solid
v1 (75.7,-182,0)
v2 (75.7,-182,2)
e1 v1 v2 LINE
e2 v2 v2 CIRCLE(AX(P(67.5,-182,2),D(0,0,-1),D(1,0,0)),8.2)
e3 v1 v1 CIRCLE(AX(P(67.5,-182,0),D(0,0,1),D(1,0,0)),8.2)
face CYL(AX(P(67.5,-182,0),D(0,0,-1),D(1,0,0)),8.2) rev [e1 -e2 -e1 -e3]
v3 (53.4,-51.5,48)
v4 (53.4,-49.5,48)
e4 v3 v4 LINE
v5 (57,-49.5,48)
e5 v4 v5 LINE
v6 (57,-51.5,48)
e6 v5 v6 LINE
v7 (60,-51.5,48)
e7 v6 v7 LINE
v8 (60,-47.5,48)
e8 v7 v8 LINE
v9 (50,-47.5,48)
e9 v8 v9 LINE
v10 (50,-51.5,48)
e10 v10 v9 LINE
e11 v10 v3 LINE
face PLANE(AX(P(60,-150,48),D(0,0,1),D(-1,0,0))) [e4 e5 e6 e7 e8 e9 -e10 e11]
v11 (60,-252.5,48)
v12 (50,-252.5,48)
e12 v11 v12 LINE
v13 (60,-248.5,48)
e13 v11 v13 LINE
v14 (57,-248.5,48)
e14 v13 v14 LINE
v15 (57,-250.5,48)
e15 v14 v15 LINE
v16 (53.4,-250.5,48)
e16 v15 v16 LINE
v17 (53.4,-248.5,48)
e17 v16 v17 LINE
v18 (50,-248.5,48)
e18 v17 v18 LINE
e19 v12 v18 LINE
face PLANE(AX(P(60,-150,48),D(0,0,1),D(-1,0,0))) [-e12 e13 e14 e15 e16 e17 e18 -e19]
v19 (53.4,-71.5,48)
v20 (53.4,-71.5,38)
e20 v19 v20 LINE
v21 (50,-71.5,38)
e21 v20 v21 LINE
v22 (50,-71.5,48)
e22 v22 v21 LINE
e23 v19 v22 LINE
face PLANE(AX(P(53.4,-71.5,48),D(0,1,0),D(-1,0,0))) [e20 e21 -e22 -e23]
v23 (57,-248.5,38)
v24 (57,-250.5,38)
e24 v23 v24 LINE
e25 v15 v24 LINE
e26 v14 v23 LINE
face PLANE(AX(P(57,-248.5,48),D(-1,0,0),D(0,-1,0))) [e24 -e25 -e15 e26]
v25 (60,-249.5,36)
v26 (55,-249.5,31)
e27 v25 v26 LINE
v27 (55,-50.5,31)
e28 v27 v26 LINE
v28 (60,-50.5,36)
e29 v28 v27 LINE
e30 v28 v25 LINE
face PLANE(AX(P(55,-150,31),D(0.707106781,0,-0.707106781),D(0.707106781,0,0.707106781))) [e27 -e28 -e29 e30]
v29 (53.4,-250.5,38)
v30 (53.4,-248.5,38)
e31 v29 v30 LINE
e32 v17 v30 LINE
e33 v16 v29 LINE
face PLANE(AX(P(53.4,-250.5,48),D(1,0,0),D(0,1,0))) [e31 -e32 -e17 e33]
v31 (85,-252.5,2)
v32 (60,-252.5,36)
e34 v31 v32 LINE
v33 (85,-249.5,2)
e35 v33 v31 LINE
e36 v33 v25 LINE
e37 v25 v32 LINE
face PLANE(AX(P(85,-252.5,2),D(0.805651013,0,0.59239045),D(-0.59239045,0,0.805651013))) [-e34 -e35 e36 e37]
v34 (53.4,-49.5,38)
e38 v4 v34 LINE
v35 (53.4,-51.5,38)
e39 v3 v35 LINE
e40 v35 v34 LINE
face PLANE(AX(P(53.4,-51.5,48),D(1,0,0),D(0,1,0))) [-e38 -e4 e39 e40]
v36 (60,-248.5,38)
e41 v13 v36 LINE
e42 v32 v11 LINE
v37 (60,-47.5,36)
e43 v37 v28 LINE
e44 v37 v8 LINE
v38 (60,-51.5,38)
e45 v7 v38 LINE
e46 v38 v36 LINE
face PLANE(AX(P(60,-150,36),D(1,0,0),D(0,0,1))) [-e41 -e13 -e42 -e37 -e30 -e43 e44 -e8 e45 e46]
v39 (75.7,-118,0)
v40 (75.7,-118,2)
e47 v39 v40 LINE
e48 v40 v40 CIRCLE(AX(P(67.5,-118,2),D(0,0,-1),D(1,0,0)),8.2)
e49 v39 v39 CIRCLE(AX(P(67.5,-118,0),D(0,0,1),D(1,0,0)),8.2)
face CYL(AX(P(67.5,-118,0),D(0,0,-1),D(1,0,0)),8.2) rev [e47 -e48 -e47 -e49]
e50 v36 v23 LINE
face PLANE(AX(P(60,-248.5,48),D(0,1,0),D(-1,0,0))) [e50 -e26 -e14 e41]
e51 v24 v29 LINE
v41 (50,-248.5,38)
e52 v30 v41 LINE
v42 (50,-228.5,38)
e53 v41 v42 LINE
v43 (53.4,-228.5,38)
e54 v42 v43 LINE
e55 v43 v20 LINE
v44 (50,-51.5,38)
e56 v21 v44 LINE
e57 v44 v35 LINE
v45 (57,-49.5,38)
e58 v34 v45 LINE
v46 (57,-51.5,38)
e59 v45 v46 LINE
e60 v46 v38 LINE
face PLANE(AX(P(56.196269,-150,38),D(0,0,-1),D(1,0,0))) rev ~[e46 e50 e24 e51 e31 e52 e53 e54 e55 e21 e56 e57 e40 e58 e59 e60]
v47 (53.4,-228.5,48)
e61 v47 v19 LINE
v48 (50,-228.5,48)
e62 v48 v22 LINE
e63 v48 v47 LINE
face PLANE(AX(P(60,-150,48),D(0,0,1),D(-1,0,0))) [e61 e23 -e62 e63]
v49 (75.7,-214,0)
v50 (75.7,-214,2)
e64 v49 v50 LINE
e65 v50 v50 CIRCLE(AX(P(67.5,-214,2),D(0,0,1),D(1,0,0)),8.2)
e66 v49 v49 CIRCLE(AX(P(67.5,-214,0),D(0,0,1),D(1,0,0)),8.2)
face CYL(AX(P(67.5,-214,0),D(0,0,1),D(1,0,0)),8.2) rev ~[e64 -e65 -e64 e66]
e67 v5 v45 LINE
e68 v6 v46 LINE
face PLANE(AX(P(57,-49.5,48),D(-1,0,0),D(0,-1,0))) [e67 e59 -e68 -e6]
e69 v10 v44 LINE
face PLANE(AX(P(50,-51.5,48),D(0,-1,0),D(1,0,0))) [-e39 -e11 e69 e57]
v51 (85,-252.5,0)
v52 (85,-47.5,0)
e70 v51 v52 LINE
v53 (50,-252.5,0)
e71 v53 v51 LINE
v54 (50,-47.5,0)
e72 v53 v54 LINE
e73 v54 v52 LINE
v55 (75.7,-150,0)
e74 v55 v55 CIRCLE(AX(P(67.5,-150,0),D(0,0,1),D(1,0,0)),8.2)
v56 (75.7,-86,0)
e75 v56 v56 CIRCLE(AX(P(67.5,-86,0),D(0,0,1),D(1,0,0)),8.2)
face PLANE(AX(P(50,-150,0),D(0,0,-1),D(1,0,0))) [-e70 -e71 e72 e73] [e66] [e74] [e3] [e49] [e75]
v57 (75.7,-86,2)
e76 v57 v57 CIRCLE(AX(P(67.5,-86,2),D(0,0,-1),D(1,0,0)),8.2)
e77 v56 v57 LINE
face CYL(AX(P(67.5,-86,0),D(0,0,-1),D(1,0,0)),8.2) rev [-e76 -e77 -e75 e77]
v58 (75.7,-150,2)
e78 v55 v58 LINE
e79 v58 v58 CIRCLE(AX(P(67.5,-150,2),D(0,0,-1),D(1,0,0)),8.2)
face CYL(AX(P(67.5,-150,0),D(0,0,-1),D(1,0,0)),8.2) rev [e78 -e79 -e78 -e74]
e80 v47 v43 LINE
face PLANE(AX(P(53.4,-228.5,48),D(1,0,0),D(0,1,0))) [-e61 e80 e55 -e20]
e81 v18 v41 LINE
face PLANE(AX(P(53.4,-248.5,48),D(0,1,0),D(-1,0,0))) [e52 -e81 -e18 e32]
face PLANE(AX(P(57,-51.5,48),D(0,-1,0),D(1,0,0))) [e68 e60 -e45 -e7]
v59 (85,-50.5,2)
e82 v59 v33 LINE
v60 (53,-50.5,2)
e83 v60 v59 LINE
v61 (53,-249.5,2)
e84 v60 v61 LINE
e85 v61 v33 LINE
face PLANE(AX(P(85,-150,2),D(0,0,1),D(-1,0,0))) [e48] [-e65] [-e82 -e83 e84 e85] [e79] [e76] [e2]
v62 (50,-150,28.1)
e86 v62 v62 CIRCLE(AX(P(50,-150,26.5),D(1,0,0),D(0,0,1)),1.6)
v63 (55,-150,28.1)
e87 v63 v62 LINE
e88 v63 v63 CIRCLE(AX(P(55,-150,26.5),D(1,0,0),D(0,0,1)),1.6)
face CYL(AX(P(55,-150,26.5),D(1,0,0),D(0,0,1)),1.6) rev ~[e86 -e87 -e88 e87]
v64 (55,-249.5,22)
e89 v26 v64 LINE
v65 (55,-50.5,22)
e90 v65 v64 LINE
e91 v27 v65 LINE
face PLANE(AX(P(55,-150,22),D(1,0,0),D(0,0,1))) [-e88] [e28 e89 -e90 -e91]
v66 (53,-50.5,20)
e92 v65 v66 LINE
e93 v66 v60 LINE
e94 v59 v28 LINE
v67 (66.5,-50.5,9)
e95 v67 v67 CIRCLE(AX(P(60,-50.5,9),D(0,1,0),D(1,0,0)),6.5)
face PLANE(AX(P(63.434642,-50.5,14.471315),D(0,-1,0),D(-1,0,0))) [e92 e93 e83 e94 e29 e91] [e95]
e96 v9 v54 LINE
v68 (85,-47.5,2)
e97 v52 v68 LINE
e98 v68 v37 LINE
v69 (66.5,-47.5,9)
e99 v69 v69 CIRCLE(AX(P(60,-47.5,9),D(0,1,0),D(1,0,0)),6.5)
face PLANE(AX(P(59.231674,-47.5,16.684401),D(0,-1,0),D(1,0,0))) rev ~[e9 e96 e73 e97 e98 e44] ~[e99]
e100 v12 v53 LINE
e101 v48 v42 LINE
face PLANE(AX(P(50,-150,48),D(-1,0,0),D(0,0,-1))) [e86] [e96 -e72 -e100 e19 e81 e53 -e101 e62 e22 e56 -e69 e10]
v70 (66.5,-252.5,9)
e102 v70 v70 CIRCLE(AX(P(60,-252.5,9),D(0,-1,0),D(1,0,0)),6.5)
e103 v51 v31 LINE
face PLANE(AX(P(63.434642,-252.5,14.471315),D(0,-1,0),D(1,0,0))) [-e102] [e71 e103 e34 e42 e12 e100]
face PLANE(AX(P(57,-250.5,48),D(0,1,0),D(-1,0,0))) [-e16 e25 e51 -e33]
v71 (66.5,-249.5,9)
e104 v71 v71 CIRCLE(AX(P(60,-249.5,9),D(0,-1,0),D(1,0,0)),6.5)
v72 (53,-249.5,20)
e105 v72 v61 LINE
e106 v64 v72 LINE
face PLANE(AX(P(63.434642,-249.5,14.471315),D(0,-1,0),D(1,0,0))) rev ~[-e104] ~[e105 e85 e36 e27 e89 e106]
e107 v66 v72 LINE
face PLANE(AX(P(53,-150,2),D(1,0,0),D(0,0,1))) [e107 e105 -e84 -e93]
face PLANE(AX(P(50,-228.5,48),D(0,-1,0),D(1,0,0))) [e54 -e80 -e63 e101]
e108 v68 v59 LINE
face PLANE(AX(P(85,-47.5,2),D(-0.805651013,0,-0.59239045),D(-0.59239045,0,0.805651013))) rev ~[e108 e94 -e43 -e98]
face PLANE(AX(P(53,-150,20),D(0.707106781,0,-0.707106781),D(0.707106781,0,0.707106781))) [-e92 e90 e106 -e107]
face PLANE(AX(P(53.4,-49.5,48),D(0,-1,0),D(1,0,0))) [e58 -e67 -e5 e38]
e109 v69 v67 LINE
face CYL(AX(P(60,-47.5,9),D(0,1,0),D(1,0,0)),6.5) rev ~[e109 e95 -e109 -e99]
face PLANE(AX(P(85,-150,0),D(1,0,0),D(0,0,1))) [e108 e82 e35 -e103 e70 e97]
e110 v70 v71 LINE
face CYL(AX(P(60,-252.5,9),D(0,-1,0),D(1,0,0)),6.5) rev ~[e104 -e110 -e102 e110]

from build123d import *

# Parameters (mm, degrees)
PAD001_DEPTH    = 102.5
POCKET002_DEPTH = 10
SKETCH007_R     = 1.6
POCKET005_DEPTH = 5
SKETCH008_R     = 8.2
POCKET006_DEPTH = 2.5
SKETCH026_R     = 6.5
PAD010_DEPTH    = 3
SKETCH027_R     = 6.5
PAD011_DEPTH    = 3


with BuildPart() as part:
    # Sketch003 → Pad001 (new body, symmetric)
    with BuildSketch(Plane.XZ):
        Polygon((0, 0), (35, 0), (35, 2), (3, 2), (3, 20), (5, 22), (5, 31), (10, 36), (10, 48), (0, 48), align=None)
    extrude(amount=PAD001_DEPTH, both=True)

    # Sketch004 (on Face9 of Pad001) → Pocket002 (cut)
    with BuildSketch(Plane(origin=(0, 0, 48), x_dir=(-1, 0, 0), z_dir=(0, 0, 1))):
        Polygon((-10, 98.5), (-7, 98.5), (-7, 100.5), (-3.4, 100.5), (-3.4, 98.5), (0, 98.5), (0, 78.5), (-3.4, 78.5), (-3.4, -78.5), (0, -78.5), (0, -98.5), (-3.4, -98.5), (-3.4, -100.5), (-7, -100.5), (-7, -98.5), (-10, -98.5), align=None)
    extrude(amount=-POCKET002_DEPTH, mode=Mode.SUBTRACT)

    # Sketch007 (on Face17 of Pocket002) → Pocket005 (cut)
    with BuildSketch(Plane(origin=(5, 0, 0), x_dir=(0, 0, 1), z_dir=(1, 0, 0))):
        with Locations((26.5, 0)):
            Circle(SKETCH007_R)
    extrude(amount=-POCKET005_DEPTH, mode=Mode.SUBTRACT)

    # Sketch008 → Pocket006 (cut, symmetric)
    with BuildSketch(Plane.XY):
        with Locations((17.5, 0)):
            Circle(SKETCH008_R)
        with Locations((17.5, 64)):
            Circle(SKETCH008_R)
        with Locations((17.5, 32)):
            Circle(SKETCH008_R)
        with Locations((17.5, -32)):
            Circle(SKETCH008_R)
        with Locations((17.5, -64)):
            Circle(SKETCH008_R)
    extrude(amount=POCKET006_DEPTH, both=True, mode=Mode.SUBTRACT)

    # Sketch026 (on Face3 of Pocket006) → Pad010 (join)
    with BuildSketch(Plane(origin=(0, 102.5, 0), x_dir=(1, 0, 0), z_dir=(0, 1, 0))):
        Polygon((0, -36), (0, 0), (35, 0), (35, -2), (10, -36), align=None)
        with Locations((10, -9)):
            Circle(SKETCH026_R, mode=Mode.SUBTRACT)
    extrude(amount=-PAD010_DEPTH)

    # Sketch027 (on Face1 of Pad010) → Pad011 (join)
    with BuildSketch(Plane.XZ.offset(102.5)):
        Polygon((35, 2), (10, 36), (0, 36), (0, 0), (35, 0), align=None)
        with Locations((10, 9)):
            Circle(SKETCH027_R, mode=Mode.SUBTRACT)
    extrude(amount=-PAD011_DEPTH)


with BuildPart() as part_1:
    # Body001 placement: moved
    add(part.part.moved(Location((50, -150, 0))))


solid = part_1.part
